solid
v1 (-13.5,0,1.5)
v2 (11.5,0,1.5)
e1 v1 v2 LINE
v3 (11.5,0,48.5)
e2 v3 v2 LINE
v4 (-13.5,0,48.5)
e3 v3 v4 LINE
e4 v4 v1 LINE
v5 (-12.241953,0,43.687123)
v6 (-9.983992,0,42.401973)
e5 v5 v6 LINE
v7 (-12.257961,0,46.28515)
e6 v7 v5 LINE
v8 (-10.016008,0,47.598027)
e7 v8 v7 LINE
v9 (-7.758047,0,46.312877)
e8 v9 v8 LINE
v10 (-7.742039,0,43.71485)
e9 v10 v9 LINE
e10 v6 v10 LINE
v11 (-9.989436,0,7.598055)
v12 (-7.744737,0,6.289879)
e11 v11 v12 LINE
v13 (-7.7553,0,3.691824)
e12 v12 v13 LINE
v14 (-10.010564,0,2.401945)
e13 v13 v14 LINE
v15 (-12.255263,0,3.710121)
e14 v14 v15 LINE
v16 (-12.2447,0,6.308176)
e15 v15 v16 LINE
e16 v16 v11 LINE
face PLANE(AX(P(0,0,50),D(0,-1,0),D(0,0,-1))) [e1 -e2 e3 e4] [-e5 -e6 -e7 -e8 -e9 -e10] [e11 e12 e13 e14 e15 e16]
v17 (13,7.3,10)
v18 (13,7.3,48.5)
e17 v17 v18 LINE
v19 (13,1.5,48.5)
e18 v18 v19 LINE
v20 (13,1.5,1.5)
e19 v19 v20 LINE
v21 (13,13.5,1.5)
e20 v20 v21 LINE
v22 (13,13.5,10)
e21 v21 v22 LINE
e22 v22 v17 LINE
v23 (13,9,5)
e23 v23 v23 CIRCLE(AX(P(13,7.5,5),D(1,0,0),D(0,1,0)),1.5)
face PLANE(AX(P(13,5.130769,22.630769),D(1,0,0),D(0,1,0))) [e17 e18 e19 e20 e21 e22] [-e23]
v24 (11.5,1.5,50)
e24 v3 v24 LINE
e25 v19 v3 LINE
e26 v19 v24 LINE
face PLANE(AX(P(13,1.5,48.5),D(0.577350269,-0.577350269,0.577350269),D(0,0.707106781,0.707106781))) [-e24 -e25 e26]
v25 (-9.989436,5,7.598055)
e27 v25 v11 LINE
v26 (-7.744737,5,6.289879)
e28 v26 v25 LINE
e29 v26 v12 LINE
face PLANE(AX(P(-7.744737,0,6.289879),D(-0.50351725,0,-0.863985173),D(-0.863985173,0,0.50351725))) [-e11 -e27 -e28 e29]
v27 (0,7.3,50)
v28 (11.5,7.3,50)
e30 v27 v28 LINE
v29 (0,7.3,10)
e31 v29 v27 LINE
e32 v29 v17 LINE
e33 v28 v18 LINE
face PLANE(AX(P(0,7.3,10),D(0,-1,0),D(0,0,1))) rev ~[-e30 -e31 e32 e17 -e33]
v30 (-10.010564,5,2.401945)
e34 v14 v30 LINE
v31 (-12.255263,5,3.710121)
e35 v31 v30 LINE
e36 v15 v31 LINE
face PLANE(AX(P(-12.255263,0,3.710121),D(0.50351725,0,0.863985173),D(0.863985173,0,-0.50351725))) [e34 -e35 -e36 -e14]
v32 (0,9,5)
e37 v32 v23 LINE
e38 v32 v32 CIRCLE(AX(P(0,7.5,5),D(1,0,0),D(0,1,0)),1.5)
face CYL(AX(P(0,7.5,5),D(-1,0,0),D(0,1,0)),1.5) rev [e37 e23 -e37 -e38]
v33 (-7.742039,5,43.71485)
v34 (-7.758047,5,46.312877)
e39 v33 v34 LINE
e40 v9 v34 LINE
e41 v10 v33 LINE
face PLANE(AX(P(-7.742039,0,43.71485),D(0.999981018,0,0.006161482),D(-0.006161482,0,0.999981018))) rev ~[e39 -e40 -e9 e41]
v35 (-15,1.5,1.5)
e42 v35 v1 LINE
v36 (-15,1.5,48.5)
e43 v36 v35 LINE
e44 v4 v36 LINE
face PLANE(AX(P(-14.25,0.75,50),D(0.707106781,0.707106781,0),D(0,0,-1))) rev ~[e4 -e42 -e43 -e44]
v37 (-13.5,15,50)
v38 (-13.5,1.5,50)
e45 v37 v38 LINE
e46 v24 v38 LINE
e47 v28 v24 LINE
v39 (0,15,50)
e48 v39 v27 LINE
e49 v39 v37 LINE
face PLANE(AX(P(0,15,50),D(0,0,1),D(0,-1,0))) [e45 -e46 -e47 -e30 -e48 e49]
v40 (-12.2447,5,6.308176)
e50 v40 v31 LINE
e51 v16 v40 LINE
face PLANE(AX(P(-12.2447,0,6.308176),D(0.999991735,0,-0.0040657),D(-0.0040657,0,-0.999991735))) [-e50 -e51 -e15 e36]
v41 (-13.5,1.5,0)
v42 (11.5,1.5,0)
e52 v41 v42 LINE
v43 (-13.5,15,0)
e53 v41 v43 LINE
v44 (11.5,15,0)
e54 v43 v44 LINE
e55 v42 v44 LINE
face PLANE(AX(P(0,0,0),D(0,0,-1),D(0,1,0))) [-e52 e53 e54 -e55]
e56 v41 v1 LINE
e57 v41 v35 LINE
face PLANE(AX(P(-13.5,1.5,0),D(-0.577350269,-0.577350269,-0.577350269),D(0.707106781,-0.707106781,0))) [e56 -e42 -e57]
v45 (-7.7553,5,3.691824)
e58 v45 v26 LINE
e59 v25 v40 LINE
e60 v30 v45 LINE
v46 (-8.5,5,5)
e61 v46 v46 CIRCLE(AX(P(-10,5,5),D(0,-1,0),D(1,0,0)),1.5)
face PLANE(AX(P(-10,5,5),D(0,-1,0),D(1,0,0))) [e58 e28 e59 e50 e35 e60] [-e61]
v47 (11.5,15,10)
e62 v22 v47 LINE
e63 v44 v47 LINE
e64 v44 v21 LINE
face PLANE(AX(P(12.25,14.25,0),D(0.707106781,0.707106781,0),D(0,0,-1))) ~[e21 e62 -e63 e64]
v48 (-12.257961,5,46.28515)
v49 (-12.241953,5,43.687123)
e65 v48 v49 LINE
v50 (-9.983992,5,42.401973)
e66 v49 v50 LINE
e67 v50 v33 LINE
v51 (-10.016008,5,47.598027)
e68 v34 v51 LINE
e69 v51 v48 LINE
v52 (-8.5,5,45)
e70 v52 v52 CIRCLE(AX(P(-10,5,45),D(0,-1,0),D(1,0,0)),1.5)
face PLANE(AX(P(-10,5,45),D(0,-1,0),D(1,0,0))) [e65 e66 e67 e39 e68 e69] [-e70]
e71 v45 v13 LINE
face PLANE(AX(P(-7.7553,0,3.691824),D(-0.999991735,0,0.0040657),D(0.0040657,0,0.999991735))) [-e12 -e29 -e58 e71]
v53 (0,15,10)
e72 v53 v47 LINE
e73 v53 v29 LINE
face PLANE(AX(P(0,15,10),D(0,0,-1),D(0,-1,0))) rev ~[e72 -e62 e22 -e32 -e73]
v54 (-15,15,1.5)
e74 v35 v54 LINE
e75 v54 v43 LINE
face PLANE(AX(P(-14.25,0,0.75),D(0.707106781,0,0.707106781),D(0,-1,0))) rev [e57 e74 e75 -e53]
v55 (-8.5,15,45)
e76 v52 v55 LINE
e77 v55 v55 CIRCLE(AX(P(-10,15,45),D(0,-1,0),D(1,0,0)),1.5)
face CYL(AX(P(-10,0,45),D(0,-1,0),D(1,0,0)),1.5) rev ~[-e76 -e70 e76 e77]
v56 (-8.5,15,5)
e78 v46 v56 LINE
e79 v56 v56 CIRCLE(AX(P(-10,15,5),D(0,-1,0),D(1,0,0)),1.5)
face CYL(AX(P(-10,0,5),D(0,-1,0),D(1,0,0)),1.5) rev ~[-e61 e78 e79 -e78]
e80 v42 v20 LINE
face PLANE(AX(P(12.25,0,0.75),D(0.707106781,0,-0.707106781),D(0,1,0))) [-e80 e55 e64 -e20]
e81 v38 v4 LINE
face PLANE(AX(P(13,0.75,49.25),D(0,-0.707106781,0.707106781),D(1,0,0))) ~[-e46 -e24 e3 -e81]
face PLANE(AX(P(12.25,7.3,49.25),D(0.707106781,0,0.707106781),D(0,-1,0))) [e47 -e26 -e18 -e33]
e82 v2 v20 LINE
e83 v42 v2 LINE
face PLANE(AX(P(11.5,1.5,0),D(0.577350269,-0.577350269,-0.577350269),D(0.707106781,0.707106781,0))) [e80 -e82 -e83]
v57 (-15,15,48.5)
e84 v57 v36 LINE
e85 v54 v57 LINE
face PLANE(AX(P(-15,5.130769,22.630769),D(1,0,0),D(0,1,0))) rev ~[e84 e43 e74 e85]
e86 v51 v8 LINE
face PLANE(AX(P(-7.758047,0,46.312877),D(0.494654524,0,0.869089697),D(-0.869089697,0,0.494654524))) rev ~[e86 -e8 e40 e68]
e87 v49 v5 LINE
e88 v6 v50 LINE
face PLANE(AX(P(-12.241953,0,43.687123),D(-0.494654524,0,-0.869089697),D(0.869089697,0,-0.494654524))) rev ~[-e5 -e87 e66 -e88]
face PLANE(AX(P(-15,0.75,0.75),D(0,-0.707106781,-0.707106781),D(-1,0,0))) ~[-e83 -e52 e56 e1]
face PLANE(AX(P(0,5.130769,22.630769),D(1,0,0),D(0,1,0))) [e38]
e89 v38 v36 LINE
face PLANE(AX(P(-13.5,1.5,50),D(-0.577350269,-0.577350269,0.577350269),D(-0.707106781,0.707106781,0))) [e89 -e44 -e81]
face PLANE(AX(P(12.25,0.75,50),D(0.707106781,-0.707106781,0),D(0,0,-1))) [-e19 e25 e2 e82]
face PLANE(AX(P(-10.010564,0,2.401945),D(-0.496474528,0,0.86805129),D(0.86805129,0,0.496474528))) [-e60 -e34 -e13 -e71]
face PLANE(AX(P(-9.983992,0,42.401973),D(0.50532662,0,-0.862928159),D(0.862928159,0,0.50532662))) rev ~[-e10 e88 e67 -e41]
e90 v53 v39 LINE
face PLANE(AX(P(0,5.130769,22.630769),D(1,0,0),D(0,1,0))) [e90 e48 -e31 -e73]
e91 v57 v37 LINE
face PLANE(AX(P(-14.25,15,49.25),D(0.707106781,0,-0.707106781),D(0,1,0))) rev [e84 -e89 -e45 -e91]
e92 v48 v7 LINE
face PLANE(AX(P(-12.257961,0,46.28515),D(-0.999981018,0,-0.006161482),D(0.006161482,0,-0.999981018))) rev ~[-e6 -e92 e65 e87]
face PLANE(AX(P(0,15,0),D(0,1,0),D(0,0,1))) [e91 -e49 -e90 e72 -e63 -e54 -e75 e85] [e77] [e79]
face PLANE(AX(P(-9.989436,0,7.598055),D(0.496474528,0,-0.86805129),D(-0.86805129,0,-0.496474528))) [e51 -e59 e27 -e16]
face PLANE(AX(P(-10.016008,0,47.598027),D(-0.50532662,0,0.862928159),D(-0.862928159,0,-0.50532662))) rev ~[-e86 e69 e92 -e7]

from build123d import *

# Parameters (mm, degrees)
F0_R     = 1.5
F1_DEPTH = 13
F0_W     = 7.7
F0_H     = 40
F2_DEPTH = 15
F3_R     = 1.5
F4_DEPTH = 15.001
F5_DEPTH = 5
F6_SIZE  = 1.5


with BuildPart() as f1:
    # F0 (on Right) → F1 (new body)
    with BuildSketch(Plane.YZ):
        Polygon((0, 50), (0, 0), (15, 0), (15, 10), (7.3, 10), (7.3, 50), align=None)
        with Locations((7.5, 5)):
            Circle(F0_R, mode=Mode.SUBTRACT)
    extrude(amount=F1_DEPTH)

    # F0 (on Right) → F2 (join)
    with BuildSketch(Plane.YZ):
        Polygon((0, 50), (0, 0), (15, 0), (15, 10), (7.3, 10), (7.3, 50), align=None)
        with Locations((7.5, 5)):
            Circle(F0_R, mode=Mode.SUBTRACT)
        with Locations((11.15, 30)):
            Rectangle(F0_W, F0_H)
        with Locations((7.5, 5)):
            Circle(F0_R)
    extrude(amount=-F2_DEPTH)

    # F3 (on face) → F4 (cut, through all)
    with BuildSketch(Plane.XZ):
        with Locations((-10, 45)):
            Circle(F3_R)
        with Locations((-10, 5)):
            Circle(F3_R)
    extrude(amount=-F4_DEPTH, mode=Mode.SUBTRACT)

    # F3 (on face) → F5 (cut, symmetric)
    with BuildSketch(Plane.XZ):
        Polygon((-10.010564, 2.401945), (-7.7553, 3.691824), (-7.744737, 6.289879), (-9.989436, 7.598055), (-12.2447, 6.308176), (-12.255263, 3.710121), align=None)
        with Locations((-10, 5)):
            Circle(F3_R, mode=Mode.SUBTRACT)
        Polygon((-7.758047, 46.312877), (-10.016008, 47.598027), (-12.257961, 46.28515), (-12.241953, 43.687123), (-9.983992, 42.401973), (-7.742039, 43.71485), align=None)
        with Locations((-10, 45)):
            Circle(F3_R, mode=Mode.SUBTRACT)
    extrude(amount=F5_DEPTH, both=True, mode=Mode.SUBTRACT)

    # F6
    f6_edges = [f1.edges().sort_by_distance(p)[0] for p in [
        (-15, 0, 25),
        (-1, 0, 50),
        (13, 0, 25),
        (-15, 7.5, 50),
        (-15, 7.5, 0),
        (-1, 0, 0),
        (13, 7.5, 0),
        (13, 3.65, 50),
        (13, 15, 5),
    ]]
    chamfer(f6_edges, length=F6_SIZE)


solid = f1.part
